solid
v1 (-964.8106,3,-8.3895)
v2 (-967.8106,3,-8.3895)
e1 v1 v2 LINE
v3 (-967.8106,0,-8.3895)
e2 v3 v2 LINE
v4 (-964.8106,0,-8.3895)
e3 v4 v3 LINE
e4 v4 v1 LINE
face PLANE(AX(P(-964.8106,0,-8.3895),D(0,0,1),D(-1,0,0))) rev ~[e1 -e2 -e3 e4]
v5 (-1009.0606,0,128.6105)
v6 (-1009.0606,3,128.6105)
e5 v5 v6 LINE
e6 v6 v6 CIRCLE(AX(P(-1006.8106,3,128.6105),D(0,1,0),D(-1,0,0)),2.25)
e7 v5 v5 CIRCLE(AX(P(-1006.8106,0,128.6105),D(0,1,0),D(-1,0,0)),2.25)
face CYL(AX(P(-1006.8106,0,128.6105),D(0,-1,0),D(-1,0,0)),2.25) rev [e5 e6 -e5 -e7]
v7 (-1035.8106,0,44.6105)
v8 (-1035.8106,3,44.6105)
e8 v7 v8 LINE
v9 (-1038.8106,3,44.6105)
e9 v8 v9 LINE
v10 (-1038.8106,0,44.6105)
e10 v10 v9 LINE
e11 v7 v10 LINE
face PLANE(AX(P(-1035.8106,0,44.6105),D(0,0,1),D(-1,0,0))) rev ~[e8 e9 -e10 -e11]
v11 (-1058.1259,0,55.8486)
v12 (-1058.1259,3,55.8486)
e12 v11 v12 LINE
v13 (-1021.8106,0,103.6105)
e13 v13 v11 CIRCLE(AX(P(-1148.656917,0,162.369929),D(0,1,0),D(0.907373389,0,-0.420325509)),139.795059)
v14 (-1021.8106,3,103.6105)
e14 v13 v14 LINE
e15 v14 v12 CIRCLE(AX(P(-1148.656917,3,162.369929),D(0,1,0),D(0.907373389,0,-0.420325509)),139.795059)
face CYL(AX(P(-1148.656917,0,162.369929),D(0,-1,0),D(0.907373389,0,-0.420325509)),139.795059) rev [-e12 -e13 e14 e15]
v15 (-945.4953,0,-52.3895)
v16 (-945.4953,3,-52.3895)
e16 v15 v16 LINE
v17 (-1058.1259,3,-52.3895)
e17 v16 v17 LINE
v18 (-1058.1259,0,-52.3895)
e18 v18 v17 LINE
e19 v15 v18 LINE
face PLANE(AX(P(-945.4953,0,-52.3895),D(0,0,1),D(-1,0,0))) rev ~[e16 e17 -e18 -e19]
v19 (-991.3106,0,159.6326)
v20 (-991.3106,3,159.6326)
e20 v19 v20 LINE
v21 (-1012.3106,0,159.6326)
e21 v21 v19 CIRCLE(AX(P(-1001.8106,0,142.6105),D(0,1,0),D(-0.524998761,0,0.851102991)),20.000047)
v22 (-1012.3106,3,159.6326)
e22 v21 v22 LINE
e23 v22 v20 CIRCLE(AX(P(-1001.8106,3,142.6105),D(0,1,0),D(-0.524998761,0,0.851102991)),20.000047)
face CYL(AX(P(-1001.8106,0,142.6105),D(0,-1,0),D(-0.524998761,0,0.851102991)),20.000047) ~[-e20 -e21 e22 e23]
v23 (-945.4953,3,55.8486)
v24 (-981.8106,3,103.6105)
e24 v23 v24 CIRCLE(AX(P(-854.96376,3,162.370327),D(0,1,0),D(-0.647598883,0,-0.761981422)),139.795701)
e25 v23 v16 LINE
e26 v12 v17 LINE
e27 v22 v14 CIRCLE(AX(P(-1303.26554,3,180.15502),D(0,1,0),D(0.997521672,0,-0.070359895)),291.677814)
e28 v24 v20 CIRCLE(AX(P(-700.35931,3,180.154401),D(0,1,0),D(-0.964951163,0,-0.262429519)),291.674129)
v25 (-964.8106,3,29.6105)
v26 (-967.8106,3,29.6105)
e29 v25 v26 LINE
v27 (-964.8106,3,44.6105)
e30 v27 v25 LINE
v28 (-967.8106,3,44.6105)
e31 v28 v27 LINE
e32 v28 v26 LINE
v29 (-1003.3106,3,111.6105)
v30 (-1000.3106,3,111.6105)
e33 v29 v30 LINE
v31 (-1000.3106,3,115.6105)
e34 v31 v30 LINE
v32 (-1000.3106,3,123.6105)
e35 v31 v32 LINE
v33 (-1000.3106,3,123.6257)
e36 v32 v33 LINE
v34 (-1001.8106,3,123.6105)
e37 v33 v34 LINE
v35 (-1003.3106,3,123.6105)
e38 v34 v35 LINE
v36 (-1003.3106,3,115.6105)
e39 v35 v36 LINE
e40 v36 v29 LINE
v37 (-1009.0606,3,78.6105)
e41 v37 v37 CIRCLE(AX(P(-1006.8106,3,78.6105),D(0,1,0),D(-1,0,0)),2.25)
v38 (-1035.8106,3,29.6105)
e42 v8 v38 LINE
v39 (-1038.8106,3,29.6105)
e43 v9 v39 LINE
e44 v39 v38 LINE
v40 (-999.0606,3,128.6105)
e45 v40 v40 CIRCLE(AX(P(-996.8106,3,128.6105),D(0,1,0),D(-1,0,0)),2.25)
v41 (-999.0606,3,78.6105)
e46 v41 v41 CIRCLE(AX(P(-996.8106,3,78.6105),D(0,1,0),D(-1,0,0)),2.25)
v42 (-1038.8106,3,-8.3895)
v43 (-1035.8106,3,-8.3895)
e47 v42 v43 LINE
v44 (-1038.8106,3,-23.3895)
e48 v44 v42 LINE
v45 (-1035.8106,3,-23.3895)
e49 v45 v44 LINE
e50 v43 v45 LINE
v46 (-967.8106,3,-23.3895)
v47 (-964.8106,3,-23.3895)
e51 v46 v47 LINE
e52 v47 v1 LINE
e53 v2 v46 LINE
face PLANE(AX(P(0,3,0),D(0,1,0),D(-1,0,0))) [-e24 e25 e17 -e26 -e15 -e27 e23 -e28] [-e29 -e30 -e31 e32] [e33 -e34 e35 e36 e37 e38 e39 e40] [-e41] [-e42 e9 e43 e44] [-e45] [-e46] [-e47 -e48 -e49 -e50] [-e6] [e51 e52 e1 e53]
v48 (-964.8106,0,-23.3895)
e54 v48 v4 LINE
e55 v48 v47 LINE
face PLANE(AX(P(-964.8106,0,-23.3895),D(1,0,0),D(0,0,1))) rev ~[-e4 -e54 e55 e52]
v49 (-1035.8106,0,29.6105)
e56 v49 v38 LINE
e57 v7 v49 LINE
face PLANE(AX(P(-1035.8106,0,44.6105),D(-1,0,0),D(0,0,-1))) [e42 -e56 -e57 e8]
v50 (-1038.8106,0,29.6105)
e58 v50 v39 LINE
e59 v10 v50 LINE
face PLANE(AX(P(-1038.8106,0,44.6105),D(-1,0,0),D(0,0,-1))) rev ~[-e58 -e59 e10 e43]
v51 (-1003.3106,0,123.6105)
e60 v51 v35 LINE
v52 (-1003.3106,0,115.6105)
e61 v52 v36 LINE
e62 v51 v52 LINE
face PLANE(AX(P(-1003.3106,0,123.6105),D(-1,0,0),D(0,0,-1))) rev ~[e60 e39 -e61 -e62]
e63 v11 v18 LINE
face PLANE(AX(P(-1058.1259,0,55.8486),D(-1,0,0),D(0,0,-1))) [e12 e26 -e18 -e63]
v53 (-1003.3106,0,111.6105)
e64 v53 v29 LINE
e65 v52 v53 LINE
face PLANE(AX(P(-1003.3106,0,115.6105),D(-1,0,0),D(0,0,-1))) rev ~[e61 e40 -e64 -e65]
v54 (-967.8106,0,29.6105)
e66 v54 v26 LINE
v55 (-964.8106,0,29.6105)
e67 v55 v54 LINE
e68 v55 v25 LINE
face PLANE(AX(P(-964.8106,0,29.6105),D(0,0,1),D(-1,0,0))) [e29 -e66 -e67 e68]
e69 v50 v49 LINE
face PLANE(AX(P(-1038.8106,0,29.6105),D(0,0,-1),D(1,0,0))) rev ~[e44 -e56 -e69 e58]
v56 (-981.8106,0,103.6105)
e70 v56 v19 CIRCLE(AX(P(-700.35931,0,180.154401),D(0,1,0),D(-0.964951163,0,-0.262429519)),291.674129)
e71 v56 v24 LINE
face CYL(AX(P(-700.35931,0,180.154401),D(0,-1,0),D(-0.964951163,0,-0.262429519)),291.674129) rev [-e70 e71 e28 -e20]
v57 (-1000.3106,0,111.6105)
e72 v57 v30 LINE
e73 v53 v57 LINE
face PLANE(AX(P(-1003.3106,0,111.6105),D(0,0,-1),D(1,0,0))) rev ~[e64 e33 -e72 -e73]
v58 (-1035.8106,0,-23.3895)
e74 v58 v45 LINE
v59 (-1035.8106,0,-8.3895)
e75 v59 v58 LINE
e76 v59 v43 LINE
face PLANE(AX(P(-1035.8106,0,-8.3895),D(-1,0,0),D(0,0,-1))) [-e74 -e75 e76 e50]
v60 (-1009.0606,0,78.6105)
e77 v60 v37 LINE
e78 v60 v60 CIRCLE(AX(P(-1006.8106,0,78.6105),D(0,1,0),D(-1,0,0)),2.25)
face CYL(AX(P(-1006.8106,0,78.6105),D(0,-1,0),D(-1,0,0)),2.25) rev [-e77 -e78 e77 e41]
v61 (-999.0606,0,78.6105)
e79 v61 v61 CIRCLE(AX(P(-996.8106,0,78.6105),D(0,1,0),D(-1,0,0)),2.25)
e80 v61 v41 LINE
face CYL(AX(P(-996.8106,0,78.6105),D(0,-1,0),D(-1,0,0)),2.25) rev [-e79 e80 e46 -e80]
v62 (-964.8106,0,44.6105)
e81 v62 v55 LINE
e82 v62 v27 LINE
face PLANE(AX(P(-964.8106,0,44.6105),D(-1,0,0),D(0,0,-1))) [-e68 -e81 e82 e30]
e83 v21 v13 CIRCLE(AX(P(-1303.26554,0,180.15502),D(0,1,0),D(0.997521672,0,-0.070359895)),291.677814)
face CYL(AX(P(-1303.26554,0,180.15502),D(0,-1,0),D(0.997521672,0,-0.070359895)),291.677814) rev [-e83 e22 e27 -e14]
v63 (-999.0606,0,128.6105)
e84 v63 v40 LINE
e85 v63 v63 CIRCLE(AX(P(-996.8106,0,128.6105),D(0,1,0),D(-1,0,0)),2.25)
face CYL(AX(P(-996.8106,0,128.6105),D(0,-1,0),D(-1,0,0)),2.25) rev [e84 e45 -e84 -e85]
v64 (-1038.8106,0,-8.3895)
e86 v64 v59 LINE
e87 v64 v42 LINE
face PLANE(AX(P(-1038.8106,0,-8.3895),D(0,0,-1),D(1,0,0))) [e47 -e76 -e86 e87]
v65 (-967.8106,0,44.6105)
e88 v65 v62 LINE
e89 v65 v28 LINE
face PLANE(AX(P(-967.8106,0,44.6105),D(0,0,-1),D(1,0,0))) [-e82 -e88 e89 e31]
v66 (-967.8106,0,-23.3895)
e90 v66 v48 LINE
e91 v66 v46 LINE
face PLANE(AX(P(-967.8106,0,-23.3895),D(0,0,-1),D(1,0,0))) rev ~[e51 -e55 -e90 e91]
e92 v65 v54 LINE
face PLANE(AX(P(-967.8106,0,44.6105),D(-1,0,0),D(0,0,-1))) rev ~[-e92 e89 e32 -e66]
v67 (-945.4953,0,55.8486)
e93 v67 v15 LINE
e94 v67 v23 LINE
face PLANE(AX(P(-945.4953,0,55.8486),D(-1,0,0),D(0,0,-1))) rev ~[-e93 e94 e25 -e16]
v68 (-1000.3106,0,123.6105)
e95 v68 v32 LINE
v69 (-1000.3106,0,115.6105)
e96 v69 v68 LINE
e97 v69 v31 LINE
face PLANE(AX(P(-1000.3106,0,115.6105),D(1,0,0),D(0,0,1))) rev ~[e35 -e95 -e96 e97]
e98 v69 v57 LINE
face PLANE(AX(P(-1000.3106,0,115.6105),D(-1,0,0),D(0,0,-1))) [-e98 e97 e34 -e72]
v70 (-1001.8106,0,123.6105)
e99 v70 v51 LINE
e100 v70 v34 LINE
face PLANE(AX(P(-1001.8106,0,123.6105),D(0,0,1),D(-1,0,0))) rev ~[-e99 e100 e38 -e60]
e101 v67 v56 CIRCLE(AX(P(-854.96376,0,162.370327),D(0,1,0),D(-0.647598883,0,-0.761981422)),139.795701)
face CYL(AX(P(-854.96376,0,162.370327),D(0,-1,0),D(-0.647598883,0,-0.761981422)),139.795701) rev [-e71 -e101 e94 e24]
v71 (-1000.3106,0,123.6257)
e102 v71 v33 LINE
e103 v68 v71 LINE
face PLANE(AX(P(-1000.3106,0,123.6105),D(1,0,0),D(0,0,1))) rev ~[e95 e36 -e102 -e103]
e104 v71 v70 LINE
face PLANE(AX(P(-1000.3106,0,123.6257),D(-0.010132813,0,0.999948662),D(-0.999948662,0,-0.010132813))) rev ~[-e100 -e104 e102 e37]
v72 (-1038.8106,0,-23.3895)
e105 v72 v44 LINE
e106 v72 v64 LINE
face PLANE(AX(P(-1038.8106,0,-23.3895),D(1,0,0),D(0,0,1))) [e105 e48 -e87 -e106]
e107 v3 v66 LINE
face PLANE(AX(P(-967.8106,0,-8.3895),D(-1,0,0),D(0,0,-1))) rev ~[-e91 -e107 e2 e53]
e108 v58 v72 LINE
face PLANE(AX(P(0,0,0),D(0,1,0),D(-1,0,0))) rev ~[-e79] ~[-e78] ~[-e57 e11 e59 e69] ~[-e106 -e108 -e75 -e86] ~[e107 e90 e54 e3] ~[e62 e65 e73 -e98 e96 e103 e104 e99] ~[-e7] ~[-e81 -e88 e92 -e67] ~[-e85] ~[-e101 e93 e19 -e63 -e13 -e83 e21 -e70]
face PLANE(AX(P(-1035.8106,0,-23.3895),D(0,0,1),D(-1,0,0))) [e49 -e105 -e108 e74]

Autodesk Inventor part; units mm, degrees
ref_plane "YZ Plane" through (0, 0, 0) normal (1, 0, 0) x (0, 1, 0)
ref_plane "XZ Plane" through (0, 0, 0) normal (0, 1, 0) x (-1, 0, 0)
ref_plane "XY Plane" through (0, 0, 0) normal (0, 0, 1) x (1, 0, 0)
sketch "Sketch1" plane through (0, 0, 0) normal (0, 1, 0) x (-1, 0, 0)
  line L0 (945.4953, -52.3895) -> (1058.1259, -52.3895)
  arc A0 (945.4953, 55.8486) -> (981.8106, 103.6105) centre (854.964, 162.3701) ccw
  arc A1 (1021.8106, 103.6105) -> (1058.1259, 55.8486) centre (1148.6572, 162.3701) ccw
  line L1 (967.8106, 44.6105) -> (967.8106, 29.6105)
  line L2 (967.8106, -8.3895) -> (967.8106, -23.3895)
  line L3 (967.8106, 44.6105) -> (964.8106, 44.6105)
  line L4 (964.8106, 44.6105) -> (964.8106, 29.6105)
  line L5 (964.8106, 29.6105) -> (967.8106, 29.6105)
  line L6 (967.8106, -23.3895) -> (964.8106, -23.3895)
  line L7 (964.8106, -23.3895) -> (964.8106, -8.3895)
  line L8 (964.8106, -8.3895) -> (967.8106, -8.3895)
  line L9 (1035.8106, 44.6105) -> (1035.8106, 29.6105)
  line L10 (1035.8106, -8.3895) -> (1035.8106, -23.3895)
  line L11 (1035.8106, 44.6105) -> (1038.8106, 44.6105)
  line L12 (1038.8106, 44.6105) -> (1038.8106, 29.6105)
  line L13 (1038.8106, 29.6105) -> (1035.8106, 29.6105)
  line L14 (1035.8106, -23.3895) -> (1038.8106, -23.3895)
  line L15 (1038.8106, -23.3895) -> (1038.8106, -8.3895)
  line L16 (1038.8106, -8.3895) -> (1035.8106, -8.3895)
  line L17 (1058.1259, 55.8486) -> (1058.1259, -52.3895)
  line L18 (945.4953, 55.8486) -> (945.4953, -52.3895)
  line L19 (1001.8106, 123.6105) -> (1003.3106, 123.6105)
  line L20 (1003.3106, 123.6105) -> (1003.3106, 115.6105)
  line L21 (1003.3106, 111.6105) -> (1000.3106, 111.6105)
  line L22 (1000.3106, 115.6105) -> (1000.3106, 123.6257)
  line L23 (1000.3106, 123.6257) -> (1001.8106, 123.6105)
  line L24 (1003.3106, 115.6105) -> (1003.3106, 111.6105)
  line L25 (1000.3106, 115.6105) -> (1000.3106, 111.6105)
  arc A2 (1012.3106, 159.6326) -> (991.3106, 159.6326) centre (1001.8106, 142.6105) ccw
  arc A3 (981.8106, 103.6105) -> (991.3106, 159.6326) centre (700.3575, 180.1548) ccw
  arc A4 (1012.3106, 159.6326) -> (1021.8106, 103.6105) centre (1303.2637, 180.1548) ccw
  arc A5 (945.4953, 55.8486) -> (981.8106, 103.6105) centre (854.964, 162.3701) ccw
  arc A6 (1021.8106, 103.6105) -> (1058.1259, 55.8486) centre (1148.6572, 162.3701) ccw
  line L26 (1001.8106, 123.6105) -> (1003.3106, 123.6105)
  line L27 (1003.3106, 123.6105) -> (1003.3106, 115.6105)
  line L28 (1003.3106, 111.6105) -> (1000.3106, 111.6105)
  line L29 (1000.3106, 115.6105) -> (1000.3106, 123.6105)
  line L30 (1000.3106, 123.6105) -> (1001.8106, 123.6105)
  line L31 (1000.3106, 111.6105) -> (1000.3106, 115.6105)
  line L32 (1003.3106, 111.6105) -> (1003.3106, 115.6105)
  line L33 (1001.8106, 103.6105) -> (1086.8106, 103.6105) construction
  line L34 (1001.8106, 103.6105) -> (916.8106, 103.6105) construction
  line L35 (1086.8106, 133.6105) -> (1071.8106, 133.6105) construction
  line L36 (1071.8106, 133.6105) -> (1071.8106, 73.6105) construction
  line L37 (1071.8106, 73.6105) -> (1101.8106, 73.6105) construction
  line L38 (1101.8106, 73.6105) -> (1101.8106, 133.6105) construction
  line L39 (1101.8106, 133.6105) -> (1086.8106, 133.6105) construction
  line L40 (916.8106, 133.6105) -> (931.8106, 133.6105) construction
  line L41 (931.8106, 133.6105) -> (931.8106, 73.6105) construction
  line L42 (931.8106, 73.6105) -> (901.8106, 73.6105) construction
  line L43 (901.8106, 73.6105) -> (901.8106, 133.6105) construction
  line L44 (901.8106, 133.6105) -> (916.8106, 133.6105) construction
  line L45 (931.8106, 103.6105) -> (935.8106, 103.6105) construction
  line L46 (935.8106, 103.6105) -> (935.8106, 108.6105) construction
  line L47 (1071.8106, 103.6105) -> (1067.8106, 103.6105) construction
  line L48 (1067.8106, 103.6105) -> (1067.8106, 108.6105) construction
  line L49 (935.8106, 103.6105) -> (939.8106, 103.6105) construction
  line L50 (1067.8106, 103.6105) -> (1063.8106, 103.6105) construction
  line L51 (939.8106, 103.6105) -> (949.8106, 103.6105) construction
  line L52 (949.8106, 103.6105) -> (996.7952, 86.5095) construction
  line L53 (949.8106, 103.6105) -> (996.7952, 120.7115) construction
  line L54 (1063.8106, 103.6105) -> (1053.8106, 103.6105) construction
  line L55 (1053.8106, 103.6105) -> (1006.826, 120.7115) construction
  line L56 (1053.8106, 103.6105) -> (1006.826, 86.5095) construction
  line L57 (939.8106, 103.6105) -> (952.4597, 65.6632) construction
  line L58 (952.4597, 65.6632) -> (1051.1615, 65.6632) construction
  line L59 (1051.1615, 65.6632) -> (1063.8106, 103.6105) construction
  line L60 (1001.8106, 123.6105) -> (1001.8106, 168.6105) construction
  line L61 (1001.8106, 123.6105) -> (1003.3106, 123.6105)
  line L62 (1003.3106, 123.6105) -> (1003.3106, 115.6105)
  line L63 (1003.3106, 111.6105) -> (1000.3106, 111.6105)
  line L64 (1000.3106, 115.6105) -> (1000.3106, 123.6257)
  line L65 (1000.3106, 123.6257) -> (1001.8106, 123.6105)
  line L66 (1003.3106, 115.6105) -> (1003.3106, 111.6105)
  line L67 (1000.3106, 115.6105) -> (1000.3106, 111.6105)
  arc A7 (1012.3106, 159.6326) -> (991.3106, 159.6326) centre (1001.8106, 142.6105) ccw
  arc A8 (981.8106, 103.6105) -> (991.3106, 159.6326) centre (700.3575, 180.1548) ccw
  arc A9 (1012.3106, 159.6326) -> (1021.8106, 103.6105) centre (1303.2637, 180.1548) ccw
  line L68 (1001.8106, 78.6105) -> (1006.8106, 78.6105) construction
  line L69 (1006.8106, 78.6105) -> (1006.8106, 128.6105) construction
  line L70 (1006.8106, 128.6105) -> (996.8106, 128.6105) construction
  line L71 (996.8106, 128.6105) -> (996.8106, 78.6105) construction
  line L72 (996.8106, 78.6105) -> (1001.8106, 78.6105) construction
  circle A10 centre (1006.8106, 78.6105) radius 2.25
  circle A11 centre (996.8106, 78.6105) radius 2.25
  circle A12 centre (1006.8106, 128.6105) radius 2.25
  circle A13 centre (996.8106, 128.6105) radius 2.25
  point P0 (0, 0)
extrude "Extrusion1" add sketch "Sketch1" along normal blind 3
ref_plane "Work Plane1" through (-1001.8106, 0, 55.8486) normal (1, 0, 0) x (0, 0, -1)
properties part number "上底盤新"
